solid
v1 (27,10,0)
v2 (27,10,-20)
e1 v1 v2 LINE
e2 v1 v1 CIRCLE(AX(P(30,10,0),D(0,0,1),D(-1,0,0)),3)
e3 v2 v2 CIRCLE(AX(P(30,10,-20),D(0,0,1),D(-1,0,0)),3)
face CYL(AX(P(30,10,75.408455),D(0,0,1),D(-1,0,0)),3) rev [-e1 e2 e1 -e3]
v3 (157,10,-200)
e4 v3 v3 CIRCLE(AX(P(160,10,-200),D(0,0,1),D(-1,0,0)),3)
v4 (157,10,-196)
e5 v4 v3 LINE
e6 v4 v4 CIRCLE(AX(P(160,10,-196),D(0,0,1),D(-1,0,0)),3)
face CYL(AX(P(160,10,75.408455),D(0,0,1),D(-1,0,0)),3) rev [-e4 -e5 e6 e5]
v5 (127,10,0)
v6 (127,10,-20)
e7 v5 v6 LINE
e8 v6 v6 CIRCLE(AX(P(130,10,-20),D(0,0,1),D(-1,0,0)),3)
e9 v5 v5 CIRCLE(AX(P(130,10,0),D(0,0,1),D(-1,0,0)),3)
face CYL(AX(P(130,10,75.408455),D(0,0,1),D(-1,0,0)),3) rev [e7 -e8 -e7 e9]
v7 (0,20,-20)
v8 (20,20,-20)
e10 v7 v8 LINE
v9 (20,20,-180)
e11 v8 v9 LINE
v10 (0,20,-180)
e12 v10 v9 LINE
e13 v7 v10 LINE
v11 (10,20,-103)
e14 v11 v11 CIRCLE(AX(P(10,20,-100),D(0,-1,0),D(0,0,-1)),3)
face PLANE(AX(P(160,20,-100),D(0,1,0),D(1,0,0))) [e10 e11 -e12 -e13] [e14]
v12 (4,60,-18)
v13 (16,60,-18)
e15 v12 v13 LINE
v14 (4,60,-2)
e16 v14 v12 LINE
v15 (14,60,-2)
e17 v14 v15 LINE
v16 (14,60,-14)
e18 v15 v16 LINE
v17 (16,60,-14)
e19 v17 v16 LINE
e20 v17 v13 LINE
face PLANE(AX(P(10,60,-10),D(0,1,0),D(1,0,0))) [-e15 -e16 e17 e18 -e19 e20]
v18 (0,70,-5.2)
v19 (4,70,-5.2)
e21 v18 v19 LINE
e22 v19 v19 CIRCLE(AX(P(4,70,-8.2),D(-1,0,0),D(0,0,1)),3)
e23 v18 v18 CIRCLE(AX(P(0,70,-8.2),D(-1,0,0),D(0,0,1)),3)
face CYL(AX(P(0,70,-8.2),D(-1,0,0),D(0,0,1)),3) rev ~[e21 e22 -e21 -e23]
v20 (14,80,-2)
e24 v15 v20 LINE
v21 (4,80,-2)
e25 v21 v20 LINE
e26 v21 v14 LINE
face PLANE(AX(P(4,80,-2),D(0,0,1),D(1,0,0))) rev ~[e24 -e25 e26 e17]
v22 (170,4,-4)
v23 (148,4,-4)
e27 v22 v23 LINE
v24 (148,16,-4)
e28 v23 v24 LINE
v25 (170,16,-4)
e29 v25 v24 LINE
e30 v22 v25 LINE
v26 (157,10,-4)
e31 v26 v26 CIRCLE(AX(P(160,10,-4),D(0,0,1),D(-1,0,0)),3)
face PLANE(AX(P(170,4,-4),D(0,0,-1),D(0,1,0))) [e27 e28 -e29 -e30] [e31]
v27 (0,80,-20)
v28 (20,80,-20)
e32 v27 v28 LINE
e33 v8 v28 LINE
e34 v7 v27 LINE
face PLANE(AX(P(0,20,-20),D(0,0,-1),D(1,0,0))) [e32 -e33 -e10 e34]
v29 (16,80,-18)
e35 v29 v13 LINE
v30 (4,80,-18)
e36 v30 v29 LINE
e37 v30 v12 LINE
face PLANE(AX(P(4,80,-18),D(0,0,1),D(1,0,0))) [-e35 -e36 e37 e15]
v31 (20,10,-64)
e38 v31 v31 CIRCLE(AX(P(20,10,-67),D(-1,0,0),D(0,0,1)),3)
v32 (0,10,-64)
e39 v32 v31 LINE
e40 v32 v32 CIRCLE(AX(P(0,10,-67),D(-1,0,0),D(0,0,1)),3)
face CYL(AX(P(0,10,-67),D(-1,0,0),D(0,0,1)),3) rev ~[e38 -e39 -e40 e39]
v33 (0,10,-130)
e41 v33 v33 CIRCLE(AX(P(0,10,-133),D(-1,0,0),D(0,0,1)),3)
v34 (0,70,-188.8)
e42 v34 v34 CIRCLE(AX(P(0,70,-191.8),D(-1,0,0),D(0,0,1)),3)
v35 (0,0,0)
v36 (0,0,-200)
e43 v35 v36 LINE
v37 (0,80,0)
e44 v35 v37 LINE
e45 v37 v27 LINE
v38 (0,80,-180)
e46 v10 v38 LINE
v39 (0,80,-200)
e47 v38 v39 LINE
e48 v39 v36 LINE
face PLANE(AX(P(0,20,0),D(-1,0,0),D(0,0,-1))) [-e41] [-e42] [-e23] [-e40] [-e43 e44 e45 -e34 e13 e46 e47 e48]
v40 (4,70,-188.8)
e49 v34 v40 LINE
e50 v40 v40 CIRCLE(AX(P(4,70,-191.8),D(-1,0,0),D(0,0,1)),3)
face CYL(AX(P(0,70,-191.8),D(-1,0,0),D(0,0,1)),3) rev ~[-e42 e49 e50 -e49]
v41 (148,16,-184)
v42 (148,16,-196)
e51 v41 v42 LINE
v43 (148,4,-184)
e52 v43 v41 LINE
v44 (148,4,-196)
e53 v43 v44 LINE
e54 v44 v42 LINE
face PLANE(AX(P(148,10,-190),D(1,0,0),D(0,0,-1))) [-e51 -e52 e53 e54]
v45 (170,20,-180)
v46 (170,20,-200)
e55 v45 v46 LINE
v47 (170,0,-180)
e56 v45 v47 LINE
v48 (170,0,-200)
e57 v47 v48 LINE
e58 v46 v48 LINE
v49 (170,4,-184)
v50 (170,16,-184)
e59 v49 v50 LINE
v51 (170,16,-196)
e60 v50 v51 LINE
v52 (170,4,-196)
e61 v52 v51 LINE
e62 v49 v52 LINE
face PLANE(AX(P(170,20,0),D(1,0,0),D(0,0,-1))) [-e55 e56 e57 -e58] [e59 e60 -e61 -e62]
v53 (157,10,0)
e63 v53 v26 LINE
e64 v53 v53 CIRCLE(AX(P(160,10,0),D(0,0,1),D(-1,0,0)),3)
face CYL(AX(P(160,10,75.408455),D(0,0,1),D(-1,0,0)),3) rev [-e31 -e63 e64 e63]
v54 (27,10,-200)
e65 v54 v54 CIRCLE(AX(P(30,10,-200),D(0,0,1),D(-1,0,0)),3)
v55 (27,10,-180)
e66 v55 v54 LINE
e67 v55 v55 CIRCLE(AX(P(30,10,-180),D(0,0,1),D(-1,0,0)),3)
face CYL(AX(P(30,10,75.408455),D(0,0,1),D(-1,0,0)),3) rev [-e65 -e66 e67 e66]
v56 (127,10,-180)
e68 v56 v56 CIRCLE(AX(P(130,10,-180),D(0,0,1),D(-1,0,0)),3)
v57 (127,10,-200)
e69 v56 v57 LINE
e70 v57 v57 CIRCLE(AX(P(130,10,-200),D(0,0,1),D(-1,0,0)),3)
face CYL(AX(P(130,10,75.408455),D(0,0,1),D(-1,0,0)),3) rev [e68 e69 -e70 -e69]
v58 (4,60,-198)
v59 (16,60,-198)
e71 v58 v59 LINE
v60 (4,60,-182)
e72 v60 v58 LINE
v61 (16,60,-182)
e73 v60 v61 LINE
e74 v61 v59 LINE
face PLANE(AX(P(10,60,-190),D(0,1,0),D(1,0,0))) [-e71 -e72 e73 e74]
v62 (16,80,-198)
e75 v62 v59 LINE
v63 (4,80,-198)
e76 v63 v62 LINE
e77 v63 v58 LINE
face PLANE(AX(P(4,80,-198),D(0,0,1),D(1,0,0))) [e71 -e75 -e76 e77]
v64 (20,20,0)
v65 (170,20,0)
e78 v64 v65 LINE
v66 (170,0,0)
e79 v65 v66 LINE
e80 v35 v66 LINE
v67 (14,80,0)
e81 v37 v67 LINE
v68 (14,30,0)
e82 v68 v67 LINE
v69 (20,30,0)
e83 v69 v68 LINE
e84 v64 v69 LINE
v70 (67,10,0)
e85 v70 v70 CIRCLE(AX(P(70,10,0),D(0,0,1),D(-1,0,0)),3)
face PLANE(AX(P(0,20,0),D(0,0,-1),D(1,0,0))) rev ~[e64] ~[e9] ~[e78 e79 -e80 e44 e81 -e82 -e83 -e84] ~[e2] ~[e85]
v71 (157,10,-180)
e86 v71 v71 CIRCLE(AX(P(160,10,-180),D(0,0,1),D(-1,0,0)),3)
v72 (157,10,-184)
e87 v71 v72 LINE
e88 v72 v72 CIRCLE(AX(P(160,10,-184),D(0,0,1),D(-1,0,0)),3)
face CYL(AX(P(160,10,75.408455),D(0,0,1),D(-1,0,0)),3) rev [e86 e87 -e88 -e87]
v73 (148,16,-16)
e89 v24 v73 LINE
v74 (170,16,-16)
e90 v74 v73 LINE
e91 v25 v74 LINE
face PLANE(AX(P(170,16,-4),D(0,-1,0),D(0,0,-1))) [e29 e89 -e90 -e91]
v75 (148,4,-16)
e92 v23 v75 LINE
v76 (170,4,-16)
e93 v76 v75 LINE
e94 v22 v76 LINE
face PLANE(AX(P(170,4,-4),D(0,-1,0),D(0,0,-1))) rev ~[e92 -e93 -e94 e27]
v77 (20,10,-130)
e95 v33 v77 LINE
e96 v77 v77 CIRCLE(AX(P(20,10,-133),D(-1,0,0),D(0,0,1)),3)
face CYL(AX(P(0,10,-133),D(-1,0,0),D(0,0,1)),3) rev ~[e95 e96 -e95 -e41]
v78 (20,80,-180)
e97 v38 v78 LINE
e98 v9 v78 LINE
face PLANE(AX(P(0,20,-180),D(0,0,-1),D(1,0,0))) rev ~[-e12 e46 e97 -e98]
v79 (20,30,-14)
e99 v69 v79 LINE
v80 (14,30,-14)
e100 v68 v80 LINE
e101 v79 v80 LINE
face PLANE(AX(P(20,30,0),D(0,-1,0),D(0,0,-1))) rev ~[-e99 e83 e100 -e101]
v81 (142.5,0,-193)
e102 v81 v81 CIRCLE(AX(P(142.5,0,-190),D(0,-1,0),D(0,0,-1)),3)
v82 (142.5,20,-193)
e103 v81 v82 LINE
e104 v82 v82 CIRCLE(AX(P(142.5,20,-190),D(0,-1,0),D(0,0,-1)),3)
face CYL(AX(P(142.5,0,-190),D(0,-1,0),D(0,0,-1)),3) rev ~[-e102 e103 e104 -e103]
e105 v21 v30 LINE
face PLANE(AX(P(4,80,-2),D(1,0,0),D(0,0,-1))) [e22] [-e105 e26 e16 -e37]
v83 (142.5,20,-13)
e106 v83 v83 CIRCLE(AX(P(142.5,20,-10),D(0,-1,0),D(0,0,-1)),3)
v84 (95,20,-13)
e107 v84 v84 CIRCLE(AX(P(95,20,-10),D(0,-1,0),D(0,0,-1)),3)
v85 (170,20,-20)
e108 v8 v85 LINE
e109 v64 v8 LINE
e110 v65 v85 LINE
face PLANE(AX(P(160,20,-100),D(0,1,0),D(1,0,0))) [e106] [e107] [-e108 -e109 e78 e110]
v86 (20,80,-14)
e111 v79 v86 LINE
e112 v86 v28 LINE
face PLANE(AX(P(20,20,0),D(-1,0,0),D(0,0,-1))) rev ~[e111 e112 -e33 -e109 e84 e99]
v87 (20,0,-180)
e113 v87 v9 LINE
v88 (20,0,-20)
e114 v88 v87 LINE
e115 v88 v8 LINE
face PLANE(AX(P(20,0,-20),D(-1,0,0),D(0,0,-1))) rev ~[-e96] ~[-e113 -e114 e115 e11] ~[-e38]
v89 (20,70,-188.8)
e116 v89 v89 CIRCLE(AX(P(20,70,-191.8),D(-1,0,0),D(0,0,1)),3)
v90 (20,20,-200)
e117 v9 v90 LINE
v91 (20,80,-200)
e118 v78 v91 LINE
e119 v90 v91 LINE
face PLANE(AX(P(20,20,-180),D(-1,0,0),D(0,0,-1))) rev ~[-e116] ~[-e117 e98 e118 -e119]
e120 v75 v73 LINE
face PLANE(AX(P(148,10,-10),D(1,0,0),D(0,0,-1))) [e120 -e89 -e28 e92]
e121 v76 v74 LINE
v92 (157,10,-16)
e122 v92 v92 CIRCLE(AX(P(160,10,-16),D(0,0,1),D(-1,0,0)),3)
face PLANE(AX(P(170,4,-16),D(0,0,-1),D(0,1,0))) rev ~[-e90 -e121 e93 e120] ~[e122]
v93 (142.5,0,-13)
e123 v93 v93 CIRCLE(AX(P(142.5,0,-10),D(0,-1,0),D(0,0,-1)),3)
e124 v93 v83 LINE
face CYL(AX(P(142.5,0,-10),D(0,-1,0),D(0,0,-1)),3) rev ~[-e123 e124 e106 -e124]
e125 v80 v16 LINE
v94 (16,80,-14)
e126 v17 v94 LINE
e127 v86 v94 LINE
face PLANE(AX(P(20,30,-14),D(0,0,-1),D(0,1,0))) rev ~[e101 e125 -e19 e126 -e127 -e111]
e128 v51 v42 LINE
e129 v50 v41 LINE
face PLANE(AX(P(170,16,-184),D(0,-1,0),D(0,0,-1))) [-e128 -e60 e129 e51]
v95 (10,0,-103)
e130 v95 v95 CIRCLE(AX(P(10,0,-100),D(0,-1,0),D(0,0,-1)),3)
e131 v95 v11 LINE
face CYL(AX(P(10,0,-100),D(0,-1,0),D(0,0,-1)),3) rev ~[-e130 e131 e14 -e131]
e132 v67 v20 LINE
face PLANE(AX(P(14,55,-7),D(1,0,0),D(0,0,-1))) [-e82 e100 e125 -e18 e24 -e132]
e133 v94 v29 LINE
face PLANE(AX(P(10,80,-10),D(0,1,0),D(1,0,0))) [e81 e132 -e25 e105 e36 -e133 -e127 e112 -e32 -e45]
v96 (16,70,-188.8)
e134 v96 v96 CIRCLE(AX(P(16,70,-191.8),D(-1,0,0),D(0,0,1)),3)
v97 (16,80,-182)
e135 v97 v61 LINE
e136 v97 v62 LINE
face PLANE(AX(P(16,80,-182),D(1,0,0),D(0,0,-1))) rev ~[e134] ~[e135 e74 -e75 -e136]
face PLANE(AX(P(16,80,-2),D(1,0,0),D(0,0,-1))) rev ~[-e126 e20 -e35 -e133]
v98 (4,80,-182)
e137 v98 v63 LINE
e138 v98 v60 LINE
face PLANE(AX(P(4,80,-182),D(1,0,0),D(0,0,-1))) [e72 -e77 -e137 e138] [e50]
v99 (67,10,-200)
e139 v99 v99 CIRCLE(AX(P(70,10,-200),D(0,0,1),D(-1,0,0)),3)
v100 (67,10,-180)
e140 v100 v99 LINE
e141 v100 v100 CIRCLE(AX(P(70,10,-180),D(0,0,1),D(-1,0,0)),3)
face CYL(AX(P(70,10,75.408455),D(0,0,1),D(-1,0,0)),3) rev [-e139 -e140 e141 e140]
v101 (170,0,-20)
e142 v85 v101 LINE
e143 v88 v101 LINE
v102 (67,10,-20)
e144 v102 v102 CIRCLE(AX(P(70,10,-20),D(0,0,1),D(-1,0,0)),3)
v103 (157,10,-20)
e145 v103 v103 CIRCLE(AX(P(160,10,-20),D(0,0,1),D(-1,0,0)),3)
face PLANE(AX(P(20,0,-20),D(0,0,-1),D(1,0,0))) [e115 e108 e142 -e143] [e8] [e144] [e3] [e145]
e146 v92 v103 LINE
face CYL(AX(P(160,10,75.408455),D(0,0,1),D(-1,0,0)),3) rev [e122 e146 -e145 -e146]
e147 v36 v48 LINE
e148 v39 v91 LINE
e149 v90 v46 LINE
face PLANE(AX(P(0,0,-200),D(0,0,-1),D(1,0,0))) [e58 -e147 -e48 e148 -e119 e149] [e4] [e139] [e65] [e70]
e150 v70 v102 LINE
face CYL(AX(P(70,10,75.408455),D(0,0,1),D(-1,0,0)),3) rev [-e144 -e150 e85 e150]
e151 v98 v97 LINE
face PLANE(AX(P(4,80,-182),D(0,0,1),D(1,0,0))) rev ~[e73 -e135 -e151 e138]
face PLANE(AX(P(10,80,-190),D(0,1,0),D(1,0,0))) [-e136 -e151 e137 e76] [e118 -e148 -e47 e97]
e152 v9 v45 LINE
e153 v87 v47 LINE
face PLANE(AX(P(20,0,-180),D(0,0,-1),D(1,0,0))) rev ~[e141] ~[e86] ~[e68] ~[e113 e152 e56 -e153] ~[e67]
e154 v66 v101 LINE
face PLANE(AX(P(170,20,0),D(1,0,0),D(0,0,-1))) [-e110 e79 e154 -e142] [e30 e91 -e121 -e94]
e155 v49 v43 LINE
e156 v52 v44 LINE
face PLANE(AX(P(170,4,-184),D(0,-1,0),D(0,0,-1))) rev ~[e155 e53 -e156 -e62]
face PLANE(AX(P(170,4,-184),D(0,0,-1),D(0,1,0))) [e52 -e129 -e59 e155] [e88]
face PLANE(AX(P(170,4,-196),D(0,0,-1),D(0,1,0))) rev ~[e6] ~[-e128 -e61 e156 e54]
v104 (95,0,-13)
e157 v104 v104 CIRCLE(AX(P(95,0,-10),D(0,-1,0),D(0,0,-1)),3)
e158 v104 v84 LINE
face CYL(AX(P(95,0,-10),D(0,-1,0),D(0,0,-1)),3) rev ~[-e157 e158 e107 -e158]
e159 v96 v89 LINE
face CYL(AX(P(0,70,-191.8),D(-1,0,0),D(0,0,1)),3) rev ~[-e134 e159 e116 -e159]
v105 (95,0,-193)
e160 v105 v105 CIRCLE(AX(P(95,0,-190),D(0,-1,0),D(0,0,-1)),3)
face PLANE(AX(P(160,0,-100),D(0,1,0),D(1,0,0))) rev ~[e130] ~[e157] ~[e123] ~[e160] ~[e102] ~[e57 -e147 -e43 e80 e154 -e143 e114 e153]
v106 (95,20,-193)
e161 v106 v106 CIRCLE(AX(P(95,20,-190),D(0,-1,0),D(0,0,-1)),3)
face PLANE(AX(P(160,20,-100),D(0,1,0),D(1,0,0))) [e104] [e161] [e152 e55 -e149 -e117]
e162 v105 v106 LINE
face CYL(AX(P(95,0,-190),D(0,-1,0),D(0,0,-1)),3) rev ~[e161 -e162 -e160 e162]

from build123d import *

# Parameters (mm, degrees)
SKETCH1_W               = 320
SKETCH1_H               = 200
SKETCH1_W_2             = 280
SKETCH1_H_2             = 160
BOSS_EXTRUDE1_DEPTH     = 20
SKETCH2_W               = 150
SKETCH2_H               = 200
CUT_EXTRUDE1_DEPTH      = 20
SKETCH3_W               = 20
SKETCH3_H               = 20
BOSS_EXTRUDE2_DEPTH     = 60
SKETCH4_W               = 12
SKETCH4_H               = 16
CUT_EXTRUDE2_DEPTH      = 20
SKETCH5_W               = 12
SKETCH5_H               = 12
CUT_EXTRUDE3_DEPTH      = 22
CUT_EXTRUDE5_DEPTH      = 275.40845468
CUT_EXTRUDE5_DEPTH_BACK = 275.40845468
SKETCH8_R               = 3
SKETCH10_R              = 3
CUT_EXTRUDE6_DEPTH      = 30
SKETCH11_W              = 14
SKETCH11_H              = 50
CUT_EXTRUDE7_DEPTH      = 6
SKETCH12_R              = 3
CUT_EXTRUDE8_DEPTH      = 26
SKETCH13_R              = 3
CUT_EXTRUDE9_DEPTH      = 26


with BuildPart() as part:
    # Sketch1 → Boss-Extrude1 (new body)
    with BuildSketch(Plane(origin=(0, 0, 0), x_dir=(1, 0, 0), z_dir=(0, 1, 0))):
        with Locations((160, 100)):
            Rectangle(SKETCH1_W, SKETCH1_H)
        with Locations((160, 100)):
            Rectangle(SKETCH1_W_2, SKETCH1_H_2, mode=Mode.SUBTRACT)
    extrude(amount=BOSS_EXTRUDE1_DEPTH)

    # Sketch2 → Cut-Extrude1 (cut)
    with BuildSketch(Plane(origin=(0, 20, 0), x_dir=(1, 0, 0), z_dir=(0, 1, 0))):
        with Locations((245, 100)):
            Rectangle(SKETCH2_W, SKETCH2_H)
    extrude(amount=-CUT_EXTRUDE1_DEPTH, mode=Mode.SUBTRACT)

    # Sketch3 → Boss-Extrude2 (add)
    with BuildSketch(Plane(origin=(0, 20, 0), x_dir=(1, 0, 0), z_dir=(0, 1, 0))):
        with Locations((10, 10)):
            Rectangle(SKETCH3_W, SKETCH3_H)
        with Locations((10, 190)):
            Rectangle(SKETCH3_W, SKETCH3_H)
    extrude(amount=BOSS_EXTRUDE2_DEPTH)

    # Sketch4 → Cut-Extrude2 (cut)
    with BuildSketch(Plane(origin=(0, 80, 0), x_dir=(1, 0, 0), z_dir=(0, 1, 0))):
        with Locations((10, 10)):
            Rectangle(SKETCH4_W, SKETCH4_H)
        with Locations((10, 190)):
            Rectangle(SKETCH4_W, SKETCH4_H)
    extrude(amount=-CUT_EXTRUDE2_DEPTH, mode=Mode.SUBTRACT)

    # Sketch5 → Cut-Extrude3 (cut)
    with BuildSketch(Plane(origin=(170, 0, 0), x_dir=(0, 0, -1), z_dir=(1, 0, 0))):
        with Locations((10, 10)):
            Rectangle(SKETCH5_W, SKETCH5_H)
        with Locations((190, 10)):
            Rectangle(SKETCH5_W, SKETCH5_H)
    extrude(amount=-CUT_EXTRUDE3_DEPTH, mode=Mode.SUBTRACT)

    # Sketch8 → Cut-Extrude5 (cut, two sides: drawn at the far end of the back side and taken through both)
    with BuildSketch(Plane(origin=(0, 0, -200), x_dir=(-1, 0, 0), z_dir=(0, 0, -1)).offset(-CUT_EXTRUDE5_DEPTH_BACK)):
        with Locations((-30, 10)):
            Circle(SKETCH8_R)
        with Locations((-160, 10)):
            Circle(SKETCH8_R)
        with Locations((-70, 10)):
            Circle(SKETCH8_R)
        with Locations((-130, 10)):
            Circle(SKETCH8_R)
    extrude(amount=CUT_EXTRUDE5_DEPTH + CUT_EXTRUDE5_DEPTH_BACK, mode=Mode.SUBTRACT)

    # Sketch10 → Cut-Extrude6 (cut)
    with BuildSketch(Plane.XZ):
        with Locations(Location((142.5, -10, 0), (0, 0, 270))):
            Circle(SKETCH10_R)
        with Locations(Location((95, -10, 0), (0, 0, 270))):
            Circle(SKETCH10_R)
        with Locations(Location((10, -100, 0), (0, 0, 270))):
            Circle(SKETCH10_R)
        with Locations(Location((142.5, -190, 0), (0, 0, 270))):
            Circle(SKETCH10_R)
        with Locations(Location((95, -190, 0), (0, 0, 270))):
            Circle(SKETCH10_R)
    extrude(amount=-CUT_EXTRUDE6_DEPTH, mode=Mode.SUBTRACT)

    # Sketch11 → Cut-Extrude7 (cut)
    with BuildSketch(Plane(origin=(20, 0, 0), x_dir=(0, 0, -1), z_dir=(1, 0, 0))):
        with Locations((7, 55)):
            Rectangle(SKETCH11_W, SKETCH11_H)
    extrude(amount=-CUT_EXTRUDE7_DEPTH, mode=Mode.SUBTRACT)

    # Sketch12 → Cut-Extrude8 (cut)
    with BuildSketch(Plane.ZY):
        with Locations((-133, 10)):
            Circle(SKETCH12_R)
        with Locations((-67, 10)):
            Circle(SKETCH12_R)
    extrude(amount=-CUT_EXTRUDE8_DEPTH, mode=Mode.SUBTRACT)

    # Sketch13 → Cut-Extrude9 (cut)
    with BuildSketch(Plane.ZY):
        with Locations((-191.8, 70)):
            Circle(SKETCH13_R)
        with Locations((-8.2, 70)):
            Circle(SKETCH13_R)
    extrude(amount=-CUT_EXTRUDE9_DEPTH, mode=Mode.SUBTRACT)


solid = part.part
